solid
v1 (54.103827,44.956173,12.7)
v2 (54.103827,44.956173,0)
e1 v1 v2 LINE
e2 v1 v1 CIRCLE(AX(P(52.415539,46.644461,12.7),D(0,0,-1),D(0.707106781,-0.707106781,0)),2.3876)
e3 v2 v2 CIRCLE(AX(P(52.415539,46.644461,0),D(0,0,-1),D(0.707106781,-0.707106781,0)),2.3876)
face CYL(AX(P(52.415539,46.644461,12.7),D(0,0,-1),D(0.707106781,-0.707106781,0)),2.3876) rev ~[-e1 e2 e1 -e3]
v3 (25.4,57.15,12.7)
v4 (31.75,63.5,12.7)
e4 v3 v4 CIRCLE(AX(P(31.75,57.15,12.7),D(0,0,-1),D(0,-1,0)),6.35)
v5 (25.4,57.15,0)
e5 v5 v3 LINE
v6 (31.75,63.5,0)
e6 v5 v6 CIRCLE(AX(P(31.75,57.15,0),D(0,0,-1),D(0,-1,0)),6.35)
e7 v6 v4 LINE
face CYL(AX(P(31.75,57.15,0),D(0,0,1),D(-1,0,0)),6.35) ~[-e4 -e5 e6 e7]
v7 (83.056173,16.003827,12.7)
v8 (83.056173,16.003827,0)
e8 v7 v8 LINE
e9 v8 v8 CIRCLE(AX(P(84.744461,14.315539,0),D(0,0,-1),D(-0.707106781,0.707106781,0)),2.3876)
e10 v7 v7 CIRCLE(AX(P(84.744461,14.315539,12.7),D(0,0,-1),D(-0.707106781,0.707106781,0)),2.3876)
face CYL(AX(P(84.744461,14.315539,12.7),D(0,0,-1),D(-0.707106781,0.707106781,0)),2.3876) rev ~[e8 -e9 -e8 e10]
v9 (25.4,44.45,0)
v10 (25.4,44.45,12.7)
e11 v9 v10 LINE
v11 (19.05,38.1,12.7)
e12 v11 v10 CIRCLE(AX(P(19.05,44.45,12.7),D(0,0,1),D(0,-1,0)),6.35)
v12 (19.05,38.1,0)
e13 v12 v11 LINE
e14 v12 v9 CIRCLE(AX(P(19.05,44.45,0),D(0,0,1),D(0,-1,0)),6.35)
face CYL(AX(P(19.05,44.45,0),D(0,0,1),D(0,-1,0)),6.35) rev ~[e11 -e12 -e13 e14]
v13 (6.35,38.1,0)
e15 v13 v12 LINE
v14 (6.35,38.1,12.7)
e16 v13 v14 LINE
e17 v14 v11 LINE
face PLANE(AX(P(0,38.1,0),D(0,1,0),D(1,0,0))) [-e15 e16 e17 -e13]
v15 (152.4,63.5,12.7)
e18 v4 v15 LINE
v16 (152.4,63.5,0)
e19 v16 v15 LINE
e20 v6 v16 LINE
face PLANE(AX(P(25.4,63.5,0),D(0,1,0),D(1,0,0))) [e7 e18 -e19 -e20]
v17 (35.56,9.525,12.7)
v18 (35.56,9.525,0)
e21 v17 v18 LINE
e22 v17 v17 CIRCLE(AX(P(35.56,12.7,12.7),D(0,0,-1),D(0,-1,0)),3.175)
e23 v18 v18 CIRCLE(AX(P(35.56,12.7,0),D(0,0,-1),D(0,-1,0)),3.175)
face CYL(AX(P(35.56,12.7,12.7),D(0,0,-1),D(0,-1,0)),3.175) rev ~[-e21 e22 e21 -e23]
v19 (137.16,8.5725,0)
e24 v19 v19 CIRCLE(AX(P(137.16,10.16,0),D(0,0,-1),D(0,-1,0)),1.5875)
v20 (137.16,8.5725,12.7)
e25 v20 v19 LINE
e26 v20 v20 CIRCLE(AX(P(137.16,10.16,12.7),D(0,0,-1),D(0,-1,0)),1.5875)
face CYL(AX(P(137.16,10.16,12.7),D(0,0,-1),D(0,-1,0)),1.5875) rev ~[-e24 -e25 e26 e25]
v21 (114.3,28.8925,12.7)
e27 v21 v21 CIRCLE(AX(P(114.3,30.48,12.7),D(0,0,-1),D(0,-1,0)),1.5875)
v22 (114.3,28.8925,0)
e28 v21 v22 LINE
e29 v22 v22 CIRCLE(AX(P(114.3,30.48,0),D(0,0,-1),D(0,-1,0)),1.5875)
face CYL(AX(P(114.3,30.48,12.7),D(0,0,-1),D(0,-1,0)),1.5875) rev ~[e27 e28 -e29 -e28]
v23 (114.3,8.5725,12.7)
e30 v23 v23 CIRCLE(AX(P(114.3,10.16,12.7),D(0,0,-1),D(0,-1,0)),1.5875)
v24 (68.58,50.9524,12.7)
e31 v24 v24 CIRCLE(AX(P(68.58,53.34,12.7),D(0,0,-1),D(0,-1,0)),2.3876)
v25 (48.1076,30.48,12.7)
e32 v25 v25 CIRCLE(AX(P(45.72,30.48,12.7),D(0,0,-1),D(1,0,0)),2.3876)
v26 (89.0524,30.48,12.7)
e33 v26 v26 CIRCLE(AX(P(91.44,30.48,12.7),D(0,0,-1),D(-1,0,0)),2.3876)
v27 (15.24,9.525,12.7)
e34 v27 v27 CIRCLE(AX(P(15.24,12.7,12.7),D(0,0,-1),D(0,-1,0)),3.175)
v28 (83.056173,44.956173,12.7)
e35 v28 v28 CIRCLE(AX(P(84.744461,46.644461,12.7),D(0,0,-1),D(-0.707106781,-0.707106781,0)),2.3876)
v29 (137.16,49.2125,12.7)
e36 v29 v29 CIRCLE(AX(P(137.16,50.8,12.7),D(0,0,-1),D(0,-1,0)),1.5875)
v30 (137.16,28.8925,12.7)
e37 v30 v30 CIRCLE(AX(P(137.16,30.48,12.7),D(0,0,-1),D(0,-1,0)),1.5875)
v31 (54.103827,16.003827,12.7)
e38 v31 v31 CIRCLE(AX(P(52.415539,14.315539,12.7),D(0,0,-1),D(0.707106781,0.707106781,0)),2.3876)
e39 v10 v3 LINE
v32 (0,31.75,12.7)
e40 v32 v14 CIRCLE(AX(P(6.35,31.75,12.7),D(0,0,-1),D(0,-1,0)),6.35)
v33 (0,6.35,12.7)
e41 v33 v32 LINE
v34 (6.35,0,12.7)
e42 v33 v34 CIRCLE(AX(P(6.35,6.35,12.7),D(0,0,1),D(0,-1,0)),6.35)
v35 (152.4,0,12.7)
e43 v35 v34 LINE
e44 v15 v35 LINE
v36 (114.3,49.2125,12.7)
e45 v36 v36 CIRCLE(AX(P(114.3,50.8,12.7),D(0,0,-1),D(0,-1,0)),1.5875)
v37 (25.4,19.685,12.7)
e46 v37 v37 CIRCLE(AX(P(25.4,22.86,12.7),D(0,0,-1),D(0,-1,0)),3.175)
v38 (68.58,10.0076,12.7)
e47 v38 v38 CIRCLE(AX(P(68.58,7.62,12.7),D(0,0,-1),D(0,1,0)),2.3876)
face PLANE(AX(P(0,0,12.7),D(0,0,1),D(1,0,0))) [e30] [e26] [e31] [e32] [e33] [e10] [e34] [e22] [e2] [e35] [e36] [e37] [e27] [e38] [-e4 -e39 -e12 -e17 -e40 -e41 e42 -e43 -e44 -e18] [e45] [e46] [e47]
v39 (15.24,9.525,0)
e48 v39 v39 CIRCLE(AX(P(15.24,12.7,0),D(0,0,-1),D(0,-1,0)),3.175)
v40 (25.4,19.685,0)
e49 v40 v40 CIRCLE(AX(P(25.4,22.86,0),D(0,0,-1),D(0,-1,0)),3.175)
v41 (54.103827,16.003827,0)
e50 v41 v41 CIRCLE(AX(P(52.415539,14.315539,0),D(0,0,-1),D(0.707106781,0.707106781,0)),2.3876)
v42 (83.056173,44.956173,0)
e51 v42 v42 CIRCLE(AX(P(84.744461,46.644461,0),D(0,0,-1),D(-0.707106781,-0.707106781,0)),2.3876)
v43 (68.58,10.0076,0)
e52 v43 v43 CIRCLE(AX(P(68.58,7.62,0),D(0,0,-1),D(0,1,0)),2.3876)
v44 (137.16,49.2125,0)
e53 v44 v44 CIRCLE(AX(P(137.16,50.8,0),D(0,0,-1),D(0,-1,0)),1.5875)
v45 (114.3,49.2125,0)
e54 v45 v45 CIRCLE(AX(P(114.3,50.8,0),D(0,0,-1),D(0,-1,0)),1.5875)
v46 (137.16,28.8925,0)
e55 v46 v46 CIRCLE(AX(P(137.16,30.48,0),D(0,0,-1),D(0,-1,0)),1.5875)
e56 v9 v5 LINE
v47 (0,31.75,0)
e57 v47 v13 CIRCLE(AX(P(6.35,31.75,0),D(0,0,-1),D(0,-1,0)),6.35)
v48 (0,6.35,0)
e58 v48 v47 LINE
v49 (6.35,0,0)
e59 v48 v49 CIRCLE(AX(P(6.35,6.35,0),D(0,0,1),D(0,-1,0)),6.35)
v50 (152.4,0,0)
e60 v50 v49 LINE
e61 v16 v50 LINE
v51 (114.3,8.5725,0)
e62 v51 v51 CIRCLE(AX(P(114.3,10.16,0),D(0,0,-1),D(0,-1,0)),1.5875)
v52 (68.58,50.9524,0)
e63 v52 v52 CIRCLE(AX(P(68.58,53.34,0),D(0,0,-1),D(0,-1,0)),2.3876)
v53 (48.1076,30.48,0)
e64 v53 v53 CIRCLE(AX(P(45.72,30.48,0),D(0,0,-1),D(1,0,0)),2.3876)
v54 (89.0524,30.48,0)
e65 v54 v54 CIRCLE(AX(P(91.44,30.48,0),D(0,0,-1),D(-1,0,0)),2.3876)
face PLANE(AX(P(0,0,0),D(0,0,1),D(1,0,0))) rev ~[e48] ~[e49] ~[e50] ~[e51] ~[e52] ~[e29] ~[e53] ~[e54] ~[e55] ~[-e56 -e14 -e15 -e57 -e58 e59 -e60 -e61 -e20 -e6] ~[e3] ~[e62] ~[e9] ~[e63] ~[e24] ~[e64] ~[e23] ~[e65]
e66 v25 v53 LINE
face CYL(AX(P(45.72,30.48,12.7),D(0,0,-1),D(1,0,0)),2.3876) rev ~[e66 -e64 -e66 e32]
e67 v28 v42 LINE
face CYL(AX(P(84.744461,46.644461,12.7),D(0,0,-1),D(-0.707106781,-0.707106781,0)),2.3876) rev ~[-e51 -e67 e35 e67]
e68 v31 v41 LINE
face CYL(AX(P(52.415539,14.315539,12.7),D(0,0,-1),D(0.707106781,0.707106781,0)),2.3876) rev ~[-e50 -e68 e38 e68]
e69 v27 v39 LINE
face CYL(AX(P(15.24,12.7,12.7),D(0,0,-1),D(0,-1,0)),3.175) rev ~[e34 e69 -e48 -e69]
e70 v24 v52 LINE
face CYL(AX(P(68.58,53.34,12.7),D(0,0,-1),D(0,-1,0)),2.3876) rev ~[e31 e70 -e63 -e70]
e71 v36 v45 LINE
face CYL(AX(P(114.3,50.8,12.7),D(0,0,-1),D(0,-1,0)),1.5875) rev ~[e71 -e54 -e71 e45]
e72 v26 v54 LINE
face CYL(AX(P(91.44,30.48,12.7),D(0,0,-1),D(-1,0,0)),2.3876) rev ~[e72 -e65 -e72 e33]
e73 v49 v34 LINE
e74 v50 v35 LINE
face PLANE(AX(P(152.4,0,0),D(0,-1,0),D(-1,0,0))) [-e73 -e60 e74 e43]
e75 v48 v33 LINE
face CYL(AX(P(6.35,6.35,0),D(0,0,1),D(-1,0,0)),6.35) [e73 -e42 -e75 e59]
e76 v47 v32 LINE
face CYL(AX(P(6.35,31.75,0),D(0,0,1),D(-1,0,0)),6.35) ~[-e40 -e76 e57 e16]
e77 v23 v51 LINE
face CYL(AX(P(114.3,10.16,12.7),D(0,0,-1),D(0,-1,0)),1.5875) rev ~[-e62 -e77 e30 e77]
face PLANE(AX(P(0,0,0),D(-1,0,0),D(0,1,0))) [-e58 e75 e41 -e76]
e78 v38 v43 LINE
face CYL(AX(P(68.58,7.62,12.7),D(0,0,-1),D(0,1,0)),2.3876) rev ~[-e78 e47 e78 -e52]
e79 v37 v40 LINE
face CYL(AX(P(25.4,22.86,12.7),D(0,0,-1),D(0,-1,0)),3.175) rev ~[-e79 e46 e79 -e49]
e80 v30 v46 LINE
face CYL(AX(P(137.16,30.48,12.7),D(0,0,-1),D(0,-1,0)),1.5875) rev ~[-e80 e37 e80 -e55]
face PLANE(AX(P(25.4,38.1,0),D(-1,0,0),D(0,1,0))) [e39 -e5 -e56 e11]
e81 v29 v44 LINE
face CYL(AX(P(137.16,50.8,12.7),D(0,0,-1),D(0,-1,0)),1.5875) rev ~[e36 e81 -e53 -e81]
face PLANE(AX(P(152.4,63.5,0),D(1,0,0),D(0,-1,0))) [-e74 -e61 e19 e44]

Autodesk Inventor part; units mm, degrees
ref_plane "YZ Plane" through (0, 0, 0) normal (1, 0, 0) x (0, 1, 0)
ref_plane "XZ Plane" through (0, 0, 0) normal (0, 1, 0) x (-1, 0, 0)
ref_plane "XY Plane" through (0, 0, 0) normal (0, 0, 1) x (1, 0, 0)
sketch "Sketch1" plane through (0, 0, 0) normal (0, 0, 1) x (1, 0, 0)
  line L0 (0, 0) -> (0, 38.1)
  line L1 (0, 38.1) -> (25.4, 38.1)
  line L2 (25.4, 38.1) -> (25.4, 63.5)
  line L3 (25.4, 63.5) -> (152.4, 63.5)
  line L4 (152.4, 63.5) -> (152.4, 0)
  line L5 (152.4, 0) -> (0, 0)
  dimension "d0" = 152.4
  dimension "d1" = 63.5
  dimension "d2" = 127
  dimension "d3" = 38.1
extrude "Extrusion1" add sketch "Sketch1" along normal blind 12.7
sketch "Sketch2" plane through (0, 0, 12.7) normal (0, 0, 1) x (1, 0, 0)
  line L0 (152.4, 0) -> (152.4, 63.5) projected
  line L1 (15.24, 12.7) -> (35.56, 12.7) construction
  line L2 (0, 0) -> (152.4, 0) construction
  point P0 (25.4, 22.86)
  dimension "d6" = 127
  dimension "d7" = 10.16
  dimension "d8" = 12.7
  dimension "d9" = 10.16
  dimension "d10" = 10.16
hole "Hole1" at (25.4, 22.86, 12.7) at (15.24, 12.7, 12.7) at (35.56, 12.7, 12.7) direction (0, 0, -1) diameter 6.35 end through all
sketch "Sketch3" plane through (0, 0, 12.7) normal (0, 0, 1) x (1, 0, 0)
  circle A0 centre (68.58, 30.48) radius 22.86 construction
  line L0 (152.4, 0) -> (152.4, 63.5) construction
  line L1 (0, 0) -> (152.4, 0) construction
  line L2 (68.58, 30.48) -> (68.58, 55.3501) construction
  point P0 (68.58, 53.34)
  dimension "d18" = 45.72
  dimension "d19" = 83.82
  dimension "d20" = 30.48
hole "Hole2" at (68.58, 53.34, 12.7) direction (0, 0, -1) diameter 4.7752 end through all
pattern_circular "Circular Pattern1" count 8 over 360 about axis through (68.58, 30.48, 12.7) along (0, 0, 1) of "Hole2"
sketch "Sketch4" plane through (0, 0, 12.7) normal (0, 0, 1) x (1, 0, 0)
  line L0 (152.4, 0) -> (152.4, 63.5) construction
  line L1 (0, 0) -> (152.4, 0) projected
  point P0 (114.3, 50.8)
  dimension "d32" = 38.1
  dimension "d37" = 50.8
hole "Hole3" at (114.3, 50.8, 12.7) direction (0, 0, -1) diameter 3.175 end through all
pattern_linear "Rectangular Pattern1" count 2 spacing 22.86 along (1, 0, 0) count 3 spacing 20.32 along (0, -1, 0) of "Hole3"
fillet "Fillet1" radius 6.35 4 edges at (25.4, 38.1, 6.35) (0, 38.1, 6.35) (25.4, 63.5, 6.35) (0, 0, 6.35)
properties part number "Plate"
